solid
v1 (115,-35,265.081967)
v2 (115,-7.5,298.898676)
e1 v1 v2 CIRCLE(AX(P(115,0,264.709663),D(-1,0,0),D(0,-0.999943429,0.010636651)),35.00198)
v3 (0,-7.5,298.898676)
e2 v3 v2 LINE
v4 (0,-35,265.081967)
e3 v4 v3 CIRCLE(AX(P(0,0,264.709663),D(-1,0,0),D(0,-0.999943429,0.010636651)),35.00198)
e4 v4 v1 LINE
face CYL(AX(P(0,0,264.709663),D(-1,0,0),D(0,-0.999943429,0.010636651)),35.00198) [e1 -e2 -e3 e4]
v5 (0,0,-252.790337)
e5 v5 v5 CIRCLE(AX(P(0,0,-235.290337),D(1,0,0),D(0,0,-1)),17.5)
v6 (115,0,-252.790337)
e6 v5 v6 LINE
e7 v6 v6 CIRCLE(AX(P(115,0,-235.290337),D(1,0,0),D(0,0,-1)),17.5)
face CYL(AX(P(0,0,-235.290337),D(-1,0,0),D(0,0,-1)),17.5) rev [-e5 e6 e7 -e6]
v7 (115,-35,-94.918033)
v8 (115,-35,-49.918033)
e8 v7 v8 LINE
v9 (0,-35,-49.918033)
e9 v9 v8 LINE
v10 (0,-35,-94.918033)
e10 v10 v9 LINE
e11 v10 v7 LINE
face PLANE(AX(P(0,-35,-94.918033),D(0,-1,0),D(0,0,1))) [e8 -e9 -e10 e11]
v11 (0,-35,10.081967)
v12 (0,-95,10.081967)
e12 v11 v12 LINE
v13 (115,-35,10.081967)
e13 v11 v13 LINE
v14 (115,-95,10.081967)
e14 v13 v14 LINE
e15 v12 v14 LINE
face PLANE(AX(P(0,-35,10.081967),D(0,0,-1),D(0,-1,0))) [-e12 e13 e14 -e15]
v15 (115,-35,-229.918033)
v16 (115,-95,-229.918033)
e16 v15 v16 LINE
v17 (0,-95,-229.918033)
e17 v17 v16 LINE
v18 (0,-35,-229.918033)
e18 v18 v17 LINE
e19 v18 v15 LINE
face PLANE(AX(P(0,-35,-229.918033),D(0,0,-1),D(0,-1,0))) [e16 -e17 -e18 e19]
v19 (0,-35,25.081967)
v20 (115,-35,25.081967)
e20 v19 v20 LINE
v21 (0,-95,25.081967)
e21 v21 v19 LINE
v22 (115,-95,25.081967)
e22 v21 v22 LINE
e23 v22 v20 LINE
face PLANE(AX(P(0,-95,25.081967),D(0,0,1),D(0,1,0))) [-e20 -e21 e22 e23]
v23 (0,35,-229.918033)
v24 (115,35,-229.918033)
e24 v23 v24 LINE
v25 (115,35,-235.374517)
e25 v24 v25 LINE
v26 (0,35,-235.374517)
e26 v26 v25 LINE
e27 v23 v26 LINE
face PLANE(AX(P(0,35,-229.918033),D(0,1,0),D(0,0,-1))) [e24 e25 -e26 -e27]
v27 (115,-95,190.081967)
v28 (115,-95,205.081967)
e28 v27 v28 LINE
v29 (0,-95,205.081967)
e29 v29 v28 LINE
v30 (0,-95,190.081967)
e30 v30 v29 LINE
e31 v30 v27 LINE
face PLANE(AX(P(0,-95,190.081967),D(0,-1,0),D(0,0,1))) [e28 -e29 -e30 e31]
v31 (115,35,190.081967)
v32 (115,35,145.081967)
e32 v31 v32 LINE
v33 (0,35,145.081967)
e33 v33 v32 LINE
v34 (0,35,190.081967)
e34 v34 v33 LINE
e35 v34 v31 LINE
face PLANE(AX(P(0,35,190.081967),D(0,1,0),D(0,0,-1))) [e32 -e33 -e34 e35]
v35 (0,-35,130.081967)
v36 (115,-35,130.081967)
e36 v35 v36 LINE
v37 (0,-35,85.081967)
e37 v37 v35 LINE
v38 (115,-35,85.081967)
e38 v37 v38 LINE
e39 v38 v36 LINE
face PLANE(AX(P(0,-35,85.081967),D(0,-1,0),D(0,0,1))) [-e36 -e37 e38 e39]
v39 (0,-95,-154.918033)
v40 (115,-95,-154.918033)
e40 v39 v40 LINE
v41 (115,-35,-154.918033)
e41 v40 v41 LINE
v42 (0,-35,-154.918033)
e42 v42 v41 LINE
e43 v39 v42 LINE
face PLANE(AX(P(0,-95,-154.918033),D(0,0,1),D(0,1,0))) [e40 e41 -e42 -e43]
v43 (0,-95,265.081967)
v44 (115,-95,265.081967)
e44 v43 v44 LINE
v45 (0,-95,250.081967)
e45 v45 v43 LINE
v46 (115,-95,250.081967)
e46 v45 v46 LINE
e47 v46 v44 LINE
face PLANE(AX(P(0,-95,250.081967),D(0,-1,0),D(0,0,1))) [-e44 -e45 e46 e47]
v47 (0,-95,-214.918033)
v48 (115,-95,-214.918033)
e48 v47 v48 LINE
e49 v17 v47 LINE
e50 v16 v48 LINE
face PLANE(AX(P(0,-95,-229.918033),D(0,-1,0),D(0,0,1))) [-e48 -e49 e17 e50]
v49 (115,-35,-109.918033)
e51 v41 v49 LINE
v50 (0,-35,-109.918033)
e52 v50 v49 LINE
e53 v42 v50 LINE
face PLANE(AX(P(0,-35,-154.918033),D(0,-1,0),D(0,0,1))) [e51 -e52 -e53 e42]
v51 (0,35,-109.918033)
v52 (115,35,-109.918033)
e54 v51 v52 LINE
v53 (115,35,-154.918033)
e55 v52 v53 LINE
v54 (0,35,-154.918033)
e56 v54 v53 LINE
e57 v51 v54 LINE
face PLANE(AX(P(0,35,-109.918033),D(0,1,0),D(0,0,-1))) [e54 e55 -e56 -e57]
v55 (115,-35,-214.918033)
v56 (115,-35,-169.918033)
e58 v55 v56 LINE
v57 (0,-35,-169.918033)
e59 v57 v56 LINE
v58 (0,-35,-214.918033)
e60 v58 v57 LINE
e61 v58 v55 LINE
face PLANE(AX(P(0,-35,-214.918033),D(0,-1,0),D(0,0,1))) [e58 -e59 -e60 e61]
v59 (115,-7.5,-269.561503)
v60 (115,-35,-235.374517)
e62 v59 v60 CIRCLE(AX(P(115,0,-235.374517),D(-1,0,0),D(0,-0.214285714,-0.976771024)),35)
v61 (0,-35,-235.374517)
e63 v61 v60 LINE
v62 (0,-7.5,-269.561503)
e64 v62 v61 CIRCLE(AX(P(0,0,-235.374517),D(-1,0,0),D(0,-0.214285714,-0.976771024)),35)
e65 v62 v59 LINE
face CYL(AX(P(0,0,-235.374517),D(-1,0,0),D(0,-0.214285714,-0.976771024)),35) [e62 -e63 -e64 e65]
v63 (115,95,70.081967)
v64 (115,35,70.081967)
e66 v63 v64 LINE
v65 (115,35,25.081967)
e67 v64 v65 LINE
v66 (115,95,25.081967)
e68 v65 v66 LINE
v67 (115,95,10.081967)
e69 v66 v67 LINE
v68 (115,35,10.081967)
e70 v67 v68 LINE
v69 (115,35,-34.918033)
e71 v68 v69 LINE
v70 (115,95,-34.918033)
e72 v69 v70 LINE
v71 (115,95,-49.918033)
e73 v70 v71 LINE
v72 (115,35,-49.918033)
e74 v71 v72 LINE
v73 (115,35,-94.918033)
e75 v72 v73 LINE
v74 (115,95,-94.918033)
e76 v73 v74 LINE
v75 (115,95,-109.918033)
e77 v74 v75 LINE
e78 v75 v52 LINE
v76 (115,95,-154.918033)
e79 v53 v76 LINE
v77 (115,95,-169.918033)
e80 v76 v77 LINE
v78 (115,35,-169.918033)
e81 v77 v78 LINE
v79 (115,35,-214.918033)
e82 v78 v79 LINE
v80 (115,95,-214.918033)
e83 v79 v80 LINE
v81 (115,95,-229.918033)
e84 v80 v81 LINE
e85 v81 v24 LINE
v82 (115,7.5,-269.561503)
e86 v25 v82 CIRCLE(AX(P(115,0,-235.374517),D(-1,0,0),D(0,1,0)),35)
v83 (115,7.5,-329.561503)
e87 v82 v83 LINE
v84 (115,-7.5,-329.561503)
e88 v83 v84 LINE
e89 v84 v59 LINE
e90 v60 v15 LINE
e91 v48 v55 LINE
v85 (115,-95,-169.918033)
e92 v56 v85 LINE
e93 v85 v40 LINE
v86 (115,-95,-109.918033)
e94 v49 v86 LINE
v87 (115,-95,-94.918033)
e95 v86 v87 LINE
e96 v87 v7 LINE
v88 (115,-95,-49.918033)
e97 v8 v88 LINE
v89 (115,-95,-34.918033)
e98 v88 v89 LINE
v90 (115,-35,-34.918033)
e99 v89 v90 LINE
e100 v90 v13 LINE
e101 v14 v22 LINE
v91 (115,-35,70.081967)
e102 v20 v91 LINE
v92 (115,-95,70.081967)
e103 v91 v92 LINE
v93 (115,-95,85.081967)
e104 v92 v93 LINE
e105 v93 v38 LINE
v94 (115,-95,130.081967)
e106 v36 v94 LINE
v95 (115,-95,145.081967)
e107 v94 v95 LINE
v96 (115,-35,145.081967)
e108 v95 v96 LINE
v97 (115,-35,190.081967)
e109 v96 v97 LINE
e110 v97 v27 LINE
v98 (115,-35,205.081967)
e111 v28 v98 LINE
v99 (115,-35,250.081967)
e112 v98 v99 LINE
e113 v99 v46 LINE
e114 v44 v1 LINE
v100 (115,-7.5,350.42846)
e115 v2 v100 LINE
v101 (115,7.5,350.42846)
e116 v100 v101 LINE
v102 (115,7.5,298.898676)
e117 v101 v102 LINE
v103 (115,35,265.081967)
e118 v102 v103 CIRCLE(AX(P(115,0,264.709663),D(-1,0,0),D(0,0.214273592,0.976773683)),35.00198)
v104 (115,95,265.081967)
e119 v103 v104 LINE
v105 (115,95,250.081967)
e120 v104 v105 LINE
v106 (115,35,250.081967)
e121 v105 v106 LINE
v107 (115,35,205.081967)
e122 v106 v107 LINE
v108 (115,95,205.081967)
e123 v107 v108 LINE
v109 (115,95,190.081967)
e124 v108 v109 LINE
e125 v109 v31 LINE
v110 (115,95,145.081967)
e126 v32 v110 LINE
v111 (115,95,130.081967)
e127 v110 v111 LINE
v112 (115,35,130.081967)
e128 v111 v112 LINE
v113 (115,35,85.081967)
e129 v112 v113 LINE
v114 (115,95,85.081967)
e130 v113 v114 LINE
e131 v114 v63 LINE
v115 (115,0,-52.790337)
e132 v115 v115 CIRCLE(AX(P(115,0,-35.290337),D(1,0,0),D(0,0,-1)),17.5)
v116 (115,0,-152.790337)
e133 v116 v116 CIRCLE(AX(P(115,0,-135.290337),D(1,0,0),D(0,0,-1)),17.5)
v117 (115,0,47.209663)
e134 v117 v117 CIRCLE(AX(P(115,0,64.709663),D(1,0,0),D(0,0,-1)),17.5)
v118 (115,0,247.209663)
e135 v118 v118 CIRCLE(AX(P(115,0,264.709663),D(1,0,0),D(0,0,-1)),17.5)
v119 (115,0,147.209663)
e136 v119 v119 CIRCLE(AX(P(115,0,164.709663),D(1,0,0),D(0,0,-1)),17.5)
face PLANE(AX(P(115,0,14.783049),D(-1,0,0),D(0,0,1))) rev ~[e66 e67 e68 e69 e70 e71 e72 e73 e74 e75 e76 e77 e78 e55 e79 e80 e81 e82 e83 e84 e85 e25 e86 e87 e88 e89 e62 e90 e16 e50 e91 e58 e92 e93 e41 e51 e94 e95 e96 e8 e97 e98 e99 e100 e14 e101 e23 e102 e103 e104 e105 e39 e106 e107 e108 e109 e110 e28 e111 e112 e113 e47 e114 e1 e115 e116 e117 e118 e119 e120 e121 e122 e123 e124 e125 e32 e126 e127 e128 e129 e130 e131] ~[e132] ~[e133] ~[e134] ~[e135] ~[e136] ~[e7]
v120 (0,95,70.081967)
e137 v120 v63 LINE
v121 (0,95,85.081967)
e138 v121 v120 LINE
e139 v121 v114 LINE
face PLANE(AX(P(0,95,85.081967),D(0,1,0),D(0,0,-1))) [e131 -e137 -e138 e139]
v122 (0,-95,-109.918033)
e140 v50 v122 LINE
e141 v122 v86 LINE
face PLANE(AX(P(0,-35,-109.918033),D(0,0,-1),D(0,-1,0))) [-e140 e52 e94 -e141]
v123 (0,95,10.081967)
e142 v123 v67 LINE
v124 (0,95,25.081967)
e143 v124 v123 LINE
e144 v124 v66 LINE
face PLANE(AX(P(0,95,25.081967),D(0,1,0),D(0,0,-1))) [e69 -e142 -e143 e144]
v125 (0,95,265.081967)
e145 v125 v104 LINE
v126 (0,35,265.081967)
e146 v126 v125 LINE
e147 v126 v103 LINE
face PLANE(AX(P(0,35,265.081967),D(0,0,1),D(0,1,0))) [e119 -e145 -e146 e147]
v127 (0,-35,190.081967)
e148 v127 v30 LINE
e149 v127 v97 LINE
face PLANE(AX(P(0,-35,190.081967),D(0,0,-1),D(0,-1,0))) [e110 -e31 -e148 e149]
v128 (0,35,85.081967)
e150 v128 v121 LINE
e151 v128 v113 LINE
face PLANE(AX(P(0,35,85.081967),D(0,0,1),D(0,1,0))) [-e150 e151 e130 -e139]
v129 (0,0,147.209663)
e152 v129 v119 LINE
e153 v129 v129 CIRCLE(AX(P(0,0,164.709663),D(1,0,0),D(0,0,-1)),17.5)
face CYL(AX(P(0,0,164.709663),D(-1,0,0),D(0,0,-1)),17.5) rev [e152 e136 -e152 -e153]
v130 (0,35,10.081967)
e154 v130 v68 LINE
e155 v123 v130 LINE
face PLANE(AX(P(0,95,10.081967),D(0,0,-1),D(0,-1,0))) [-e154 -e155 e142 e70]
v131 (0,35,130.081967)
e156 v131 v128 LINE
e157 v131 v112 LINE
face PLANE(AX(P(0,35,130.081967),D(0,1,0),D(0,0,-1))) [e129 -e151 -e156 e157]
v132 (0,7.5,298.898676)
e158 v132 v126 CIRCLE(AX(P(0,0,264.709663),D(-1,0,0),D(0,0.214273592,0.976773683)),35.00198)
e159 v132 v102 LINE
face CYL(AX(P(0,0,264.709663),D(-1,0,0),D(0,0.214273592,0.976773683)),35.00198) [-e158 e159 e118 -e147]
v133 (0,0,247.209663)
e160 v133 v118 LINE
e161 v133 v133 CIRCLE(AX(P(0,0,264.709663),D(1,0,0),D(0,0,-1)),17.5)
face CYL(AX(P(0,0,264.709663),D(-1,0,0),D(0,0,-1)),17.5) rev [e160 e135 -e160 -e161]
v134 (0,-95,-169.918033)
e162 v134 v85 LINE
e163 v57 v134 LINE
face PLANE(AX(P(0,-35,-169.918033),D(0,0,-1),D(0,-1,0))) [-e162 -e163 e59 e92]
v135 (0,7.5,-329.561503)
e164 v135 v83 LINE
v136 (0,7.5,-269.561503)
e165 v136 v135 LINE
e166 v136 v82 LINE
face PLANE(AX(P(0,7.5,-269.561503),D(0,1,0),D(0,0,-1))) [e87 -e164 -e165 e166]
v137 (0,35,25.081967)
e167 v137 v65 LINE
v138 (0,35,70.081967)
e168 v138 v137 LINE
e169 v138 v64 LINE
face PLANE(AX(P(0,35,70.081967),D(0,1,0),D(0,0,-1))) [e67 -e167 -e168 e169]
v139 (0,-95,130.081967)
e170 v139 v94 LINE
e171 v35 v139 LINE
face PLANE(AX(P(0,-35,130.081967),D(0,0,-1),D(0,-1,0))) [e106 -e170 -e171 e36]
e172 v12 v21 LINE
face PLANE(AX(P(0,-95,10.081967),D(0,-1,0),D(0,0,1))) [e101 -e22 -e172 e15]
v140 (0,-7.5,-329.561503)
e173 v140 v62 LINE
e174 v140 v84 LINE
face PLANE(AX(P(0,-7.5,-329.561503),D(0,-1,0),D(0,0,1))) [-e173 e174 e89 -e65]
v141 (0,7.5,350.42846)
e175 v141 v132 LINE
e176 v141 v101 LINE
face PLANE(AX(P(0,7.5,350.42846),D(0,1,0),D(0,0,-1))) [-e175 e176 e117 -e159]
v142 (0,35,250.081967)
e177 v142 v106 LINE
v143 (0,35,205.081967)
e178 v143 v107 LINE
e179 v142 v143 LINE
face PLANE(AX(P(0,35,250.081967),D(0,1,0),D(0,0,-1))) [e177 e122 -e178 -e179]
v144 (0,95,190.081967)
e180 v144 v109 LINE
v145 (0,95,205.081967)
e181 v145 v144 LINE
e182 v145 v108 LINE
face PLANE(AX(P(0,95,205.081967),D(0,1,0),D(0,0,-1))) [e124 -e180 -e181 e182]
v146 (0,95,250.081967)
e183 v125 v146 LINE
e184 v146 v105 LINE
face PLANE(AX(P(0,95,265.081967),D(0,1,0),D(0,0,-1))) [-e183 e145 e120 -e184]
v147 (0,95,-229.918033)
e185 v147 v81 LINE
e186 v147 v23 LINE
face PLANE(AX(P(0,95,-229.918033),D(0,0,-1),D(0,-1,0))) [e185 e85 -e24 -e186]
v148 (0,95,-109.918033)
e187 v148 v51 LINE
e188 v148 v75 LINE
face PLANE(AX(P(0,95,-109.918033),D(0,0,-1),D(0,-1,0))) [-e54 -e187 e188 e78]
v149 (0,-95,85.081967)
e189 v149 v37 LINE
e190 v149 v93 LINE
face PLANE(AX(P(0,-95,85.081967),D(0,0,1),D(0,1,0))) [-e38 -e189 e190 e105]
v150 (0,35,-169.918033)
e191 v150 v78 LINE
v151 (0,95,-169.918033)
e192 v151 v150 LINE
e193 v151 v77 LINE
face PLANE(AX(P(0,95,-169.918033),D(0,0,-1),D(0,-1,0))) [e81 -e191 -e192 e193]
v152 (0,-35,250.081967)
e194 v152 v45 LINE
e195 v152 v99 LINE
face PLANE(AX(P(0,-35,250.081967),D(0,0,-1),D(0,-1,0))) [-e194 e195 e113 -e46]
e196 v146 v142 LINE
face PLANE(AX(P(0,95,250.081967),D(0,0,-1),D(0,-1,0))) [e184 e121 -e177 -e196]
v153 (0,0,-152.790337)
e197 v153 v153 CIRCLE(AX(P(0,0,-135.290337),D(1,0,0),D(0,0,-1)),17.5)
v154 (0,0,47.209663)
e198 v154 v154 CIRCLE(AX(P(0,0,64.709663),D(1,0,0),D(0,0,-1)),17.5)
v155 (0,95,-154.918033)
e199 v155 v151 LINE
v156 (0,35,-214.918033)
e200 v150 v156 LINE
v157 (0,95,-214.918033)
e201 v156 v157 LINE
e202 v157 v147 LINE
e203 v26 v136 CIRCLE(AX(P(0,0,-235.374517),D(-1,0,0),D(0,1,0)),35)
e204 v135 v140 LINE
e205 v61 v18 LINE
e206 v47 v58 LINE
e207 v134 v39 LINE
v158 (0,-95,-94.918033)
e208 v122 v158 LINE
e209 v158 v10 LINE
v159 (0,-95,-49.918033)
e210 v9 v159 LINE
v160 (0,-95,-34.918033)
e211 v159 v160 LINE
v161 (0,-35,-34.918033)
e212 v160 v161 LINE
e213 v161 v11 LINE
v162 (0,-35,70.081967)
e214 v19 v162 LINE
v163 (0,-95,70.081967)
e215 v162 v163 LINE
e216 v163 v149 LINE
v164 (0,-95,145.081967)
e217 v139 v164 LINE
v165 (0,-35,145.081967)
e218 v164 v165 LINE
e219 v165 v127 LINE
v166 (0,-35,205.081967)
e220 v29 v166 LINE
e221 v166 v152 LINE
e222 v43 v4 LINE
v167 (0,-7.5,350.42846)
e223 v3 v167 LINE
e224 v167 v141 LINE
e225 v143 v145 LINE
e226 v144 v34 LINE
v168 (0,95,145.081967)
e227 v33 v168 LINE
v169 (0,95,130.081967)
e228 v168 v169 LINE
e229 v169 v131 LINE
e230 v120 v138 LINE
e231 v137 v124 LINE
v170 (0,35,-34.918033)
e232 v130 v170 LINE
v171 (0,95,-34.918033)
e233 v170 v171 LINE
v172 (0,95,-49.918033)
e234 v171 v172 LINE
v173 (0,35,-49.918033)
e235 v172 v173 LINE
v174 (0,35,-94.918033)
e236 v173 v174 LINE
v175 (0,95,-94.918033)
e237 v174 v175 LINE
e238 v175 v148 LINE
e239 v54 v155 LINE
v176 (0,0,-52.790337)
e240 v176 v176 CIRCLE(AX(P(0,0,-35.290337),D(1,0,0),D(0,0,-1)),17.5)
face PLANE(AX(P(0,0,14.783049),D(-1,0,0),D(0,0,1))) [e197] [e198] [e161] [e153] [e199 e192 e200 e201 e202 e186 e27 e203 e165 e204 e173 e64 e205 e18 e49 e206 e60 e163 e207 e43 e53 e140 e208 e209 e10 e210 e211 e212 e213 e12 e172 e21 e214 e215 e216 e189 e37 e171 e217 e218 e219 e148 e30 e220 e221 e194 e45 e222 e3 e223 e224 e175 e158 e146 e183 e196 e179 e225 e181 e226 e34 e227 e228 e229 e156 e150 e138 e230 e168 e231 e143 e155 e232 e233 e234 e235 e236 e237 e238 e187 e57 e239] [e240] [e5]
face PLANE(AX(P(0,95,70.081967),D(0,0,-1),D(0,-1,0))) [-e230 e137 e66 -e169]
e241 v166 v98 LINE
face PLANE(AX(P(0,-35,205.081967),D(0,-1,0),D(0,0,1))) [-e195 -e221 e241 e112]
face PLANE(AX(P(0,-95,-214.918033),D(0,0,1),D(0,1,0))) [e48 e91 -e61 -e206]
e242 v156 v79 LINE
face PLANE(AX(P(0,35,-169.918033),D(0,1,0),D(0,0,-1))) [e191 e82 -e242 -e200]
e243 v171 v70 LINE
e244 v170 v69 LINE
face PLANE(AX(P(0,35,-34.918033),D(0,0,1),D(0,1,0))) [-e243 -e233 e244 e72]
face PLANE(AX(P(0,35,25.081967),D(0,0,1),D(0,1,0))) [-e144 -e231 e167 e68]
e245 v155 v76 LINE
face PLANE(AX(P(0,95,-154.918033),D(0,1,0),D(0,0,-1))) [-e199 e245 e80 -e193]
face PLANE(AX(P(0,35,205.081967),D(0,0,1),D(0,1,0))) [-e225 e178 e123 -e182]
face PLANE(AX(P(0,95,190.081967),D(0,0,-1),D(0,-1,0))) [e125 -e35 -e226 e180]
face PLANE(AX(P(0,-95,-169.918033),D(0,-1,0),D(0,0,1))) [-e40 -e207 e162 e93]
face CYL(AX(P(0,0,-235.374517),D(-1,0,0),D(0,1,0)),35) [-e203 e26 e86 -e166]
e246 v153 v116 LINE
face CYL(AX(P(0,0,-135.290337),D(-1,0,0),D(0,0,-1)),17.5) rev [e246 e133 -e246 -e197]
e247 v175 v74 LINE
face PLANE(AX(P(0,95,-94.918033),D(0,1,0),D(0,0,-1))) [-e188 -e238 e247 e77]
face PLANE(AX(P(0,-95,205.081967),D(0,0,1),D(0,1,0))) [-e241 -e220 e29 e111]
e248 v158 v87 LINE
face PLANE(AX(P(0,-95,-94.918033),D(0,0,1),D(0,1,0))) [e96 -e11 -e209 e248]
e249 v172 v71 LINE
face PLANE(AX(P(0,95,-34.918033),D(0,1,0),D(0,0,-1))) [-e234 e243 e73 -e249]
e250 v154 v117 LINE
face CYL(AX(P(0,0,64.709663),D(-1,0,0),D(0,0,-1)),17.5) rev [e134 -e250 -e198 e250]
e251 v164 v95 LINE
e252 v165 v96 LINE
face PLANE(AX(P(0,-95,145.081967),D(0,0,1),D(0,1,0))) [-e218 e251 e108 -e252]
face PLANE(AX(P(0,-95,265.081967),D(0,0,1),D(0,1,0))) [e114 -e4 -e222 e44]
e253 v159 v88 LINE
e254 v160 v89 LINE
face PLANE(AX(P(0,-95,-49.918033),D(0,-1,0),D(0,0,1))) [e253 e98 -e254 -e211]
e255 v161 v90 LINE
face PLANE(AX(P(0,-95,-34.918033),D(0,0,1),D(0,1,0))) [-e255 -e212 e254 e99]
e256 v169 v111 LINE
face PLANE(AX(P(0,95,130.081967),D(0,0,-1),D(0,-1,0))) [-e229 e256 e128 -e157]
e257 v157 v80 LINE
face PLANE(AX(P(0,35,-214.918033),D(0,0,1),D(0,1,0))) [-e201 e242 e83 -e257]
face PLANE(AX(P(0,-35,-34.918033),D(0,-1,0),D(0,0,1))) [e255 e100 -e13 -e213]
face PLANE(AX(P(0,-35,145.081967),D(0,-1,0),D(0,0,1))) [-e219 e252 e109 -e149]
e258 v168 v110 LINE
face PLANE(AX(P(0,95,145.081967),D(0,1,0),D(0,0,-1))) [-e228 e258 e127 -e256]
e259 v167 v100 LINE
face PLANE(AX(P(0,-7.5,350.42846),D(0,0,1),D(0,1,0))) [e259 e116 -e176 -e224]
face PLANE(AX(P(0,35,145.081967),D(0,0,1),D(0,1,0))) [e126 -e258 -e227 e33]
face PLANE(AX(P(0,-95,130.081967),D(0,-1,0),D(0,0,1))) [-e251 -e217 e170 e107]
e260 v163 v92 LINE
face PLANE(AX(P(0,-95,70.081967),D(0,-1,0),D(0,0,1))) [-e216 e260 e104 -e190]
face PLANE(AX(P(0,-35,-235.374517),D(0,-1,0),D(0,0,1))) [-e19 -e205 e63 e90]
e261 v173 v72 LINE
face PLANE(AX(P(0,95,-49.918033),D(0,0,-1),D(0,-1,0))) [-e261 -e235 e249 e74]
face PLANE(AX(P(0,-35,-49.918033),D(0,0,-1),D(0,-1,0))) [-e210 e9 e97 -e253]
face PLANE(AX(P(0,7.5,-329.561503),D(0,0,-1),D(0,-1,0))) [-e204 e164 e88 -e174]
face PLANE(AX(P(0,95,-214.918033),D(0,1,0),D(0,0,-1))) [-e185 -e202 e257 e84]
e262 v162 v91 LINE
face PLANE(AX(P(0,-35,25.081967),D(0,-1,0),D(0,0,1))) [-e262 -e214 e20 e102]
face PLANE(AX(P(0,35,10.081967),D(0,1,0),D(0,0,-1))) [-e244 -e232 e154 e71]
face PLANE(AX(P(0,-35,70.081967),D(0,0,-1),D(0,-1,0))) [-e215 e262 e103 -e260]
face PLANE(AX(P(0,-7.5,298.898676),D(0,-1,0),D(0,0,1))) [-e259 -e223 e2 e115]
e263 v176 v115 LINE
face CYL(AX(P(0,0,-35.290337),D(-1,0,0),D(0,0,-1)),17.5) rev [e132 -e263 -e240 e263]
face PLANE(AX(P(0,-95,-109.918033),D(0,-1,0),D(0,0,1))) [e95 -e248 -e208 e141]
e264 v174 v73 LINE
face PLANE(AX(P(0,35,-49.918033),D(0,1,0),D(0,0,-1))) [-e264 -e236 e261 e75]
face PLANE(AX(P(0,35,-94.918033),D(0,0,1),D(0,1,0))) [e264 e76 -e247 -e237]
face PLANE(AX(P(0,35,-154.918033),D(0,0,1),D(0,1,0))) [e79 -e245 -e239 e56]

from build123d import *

# Parameters (mm, degrees)
SKETCH1_R           = 17.5
BOSS_EXTRUDE1_DEPTH = 115


with BuildPart() as part:
    # Sketch1 → Boss-Extrude1 (new body)
    with BuildSketch(Plane(origin=(0, 0, 0), x_dir=(0, 0, -1), z_dir=(1, 0, 0))):
        with BuildLine():
            Line((-250.081967213, 35), (-205.081967213, 35))
            Line((-205.081967213, 35), (-205.081967213, 95))
            Line((-205.081967213, 95), (-190.081967213, 95))
            Line((-190.081967213, 95), (-190.081967213, 35))
            Line((-190.081967213, 35), (-185.081967213, 35))
            Line((-185.081967213, 35), (-145.081967213, 35))
            Line((-145.081967213, 35), (-145.081967213, 95))
            Line((-145.081967213, 95), (-130.081967213, 95))
            Line((-130.081967213, 95), (-130.081967213, 35))
            Line((-130.081967213, 35), (-85.081967213, 35))
            Line((-85.081967213, 35), (-85.081967213, 95))
            Line((-85.081967213, 95), (-70.081967213, 95))
            Line((-70.081967213, 95), (-70.081967213, 35))
            Line((-70.081967213, 35), (-25.081967213, 35))
            Line((-25.081967213, 35), (-25.081967213, 95))
            Line((-25.081967213, 95), (-10.081967213, 95))
            Line((-10.081967213, 95), (-10.081967213, 35))
            Line((-10.081967213, 35), (34.918032787, 35))
            Line((34.918032787, 35), (34.918032787, 95))
            Line((34.918032787, 95), (49.918032787, 95))
            Line((49.918032787, 95), (49.918032787, 35))
            Line((49.918032787, 35), (94.918032787, 35))
            Line((94.918032787, 35), (94.918032787, 95))
            Line((94.918032787, 95), (109.918032787, 95))
            Line((109.918032787, 95), (109.918032787, 35))
            Line((109.918032787, 35), (154.918032787, 35))
            Line((154.918032787, 35), (154.918032787, 95))
            Line((154.918032787, 95), (169.918032787, 95))
            Line((169.918032787, 95), (169.918032787, 35))
            Line((169.918032787, 35), (214.918032787, 35))
            Line((214.918032787, 35), (214.918032787, 95))
            Line((214.918032787, 95), (229.918032787, 95))
            Line((229.918032787, 95), (229.918032787, 35))
            Line((229.918032787, 35), (235.374517149, 35))
            ThreePointArc((235.374517149, 35), (257.311928117, 27.271780287), (269.561502977, 7.5))
            Line((269.561502977, 7.5), (329.561502977, 7.5))
            Line((329.561502977, 7.5), (329.561502977, -7.5))
            Line((329.561502977, -7.5), (269.561502977, -7.5))
            ThreePointArc((269.561502977, -7.5), (257.311928117, -27.271780287), (235.374517149, -35))
            Line((235.374517149, -35), (229.918032787, -35))
            Line((229.918032787, -35), (229.918032787, -95))
            Line((229.918032787, -95), (214.918032787, -95))
            Line((214.918032787, -95), (214.918032787, -35))
            Line((214.918032787, -35), (169.918032787, -35))
            Line((169.918032787, -35), (169.918032787, -95))
            Line((169.918032787, -95), (154.918032787, -95))
            Line((154.918032787, -95), (154.918032787, -35))
            Line((154.918032787, -35), (109.918032787, -35))
            Line((109.918032787, -35), (109.918032787, -95))
            Line((109.918032787, -95), (94.918032787, -95))
            Line((94.918032787, -95), (94.918032787, -35))
            Line((94.918032787, -35), (49.918032787, -35))
            Line((49.918032787, -35), (49.918032787, -95))
            Line((49.918032787, -95), (34.918032787, -95))
            Line((34.918032787, -95), (34.918032787, -35))
            Line((34.918032787, -35), (-10.081967213, -35))
            Line((-10.081967213, -35), (-10.081967213, -95))
            Line((-10.081967213, -95), (-25.081967213, -95))
            Line((-25.081967213, -95), (-25.081967213, -35))
            Line((-25.081967213, -35), (-70.081967213, -35))
            Line((-70.081967213, -35), (-70.081967213, -95))
            Line((-70.081967213, -95), (-85.081967213, -95))
            Line((-85.081967213, -95), (-85.081967213, -35))
            Line((-85.081967213, -35), (-130.081967213, -35))
            Line((-130.081967213, -35), (-130.081967213, -95))
            Line((-130.081967213, -95), (-145.081967213, -95))
            Line((-145.081967213, -95), (-145.081967213, -35))
            Line((-145.081967213, -35), (-190.081967213, -35))
            Line((-190.081967213, -35), (-190.081967213, -95))
            Line((-190.081967213, -95), (-205.081967213, -95))
            Line((-205.081967213, -95), (-205.081967213, -35))
            Line((-205.081967213, -35), (-250.081967213, -35))
            Line((-250.081967213, -35), (-250.081967213, -95))
            Line((-250.081967213, -95), (-265.081967213, -95))
            Line((-265.081967213, -95), (-265.081967213, -35))
            ThreePointArc((-265.081967213, -35), (-286.793224125, -27.156121863), (-298.898676377, -7.5))
            Line((-298.898676377, -7.5), (-350.428459553, -7.5))
            Line((-350.428459553, -7.5), (-350.428459553, 7.5))
            Line((-350.428459553, 7.5), (-298.898676377, 7.5))
            ThreePointArc((-298.898676377, 7.5), (-286.793224125, 27.156121863), (-265.081967213, 35))
            Line((-265.081967213, 35), (-265.081967213, 95))
            Line((-265.081967213, 95), (-250.081967213, 95))
            Line((-250.081967213, 95), (-250.081967213, 35))
        make_face()
        with Locations((-264.709663373, 0)):
            Circle(SKETCH1_R, mode=Mode.SUBTRACT)
        with Locations((-164.709663373, 0)):
            Circle(SKETCH1_R, mode=Mode.SUBTRACT)
        with Locations((-64.709663373, 0)):
            Circle(SKETCH1_R, mode=Mode.SUBTRACT)
        with Locations((35.290336627, 0)):
            Circle(SKETCH1_R, mode=Mode.SUBTRACT)
        with Locations((135.290336627, 0)):
            Circle(SKETCH1_R, mode=Mode.SUBTRACT)
        with Locations((235.290336627, 0)):
            Circle(SKETCH1_R, mode=Mode.SUBTRACT)
    extrude(amount=BOSS_EXTRUDE1_DEPTH)


solid = part.part
